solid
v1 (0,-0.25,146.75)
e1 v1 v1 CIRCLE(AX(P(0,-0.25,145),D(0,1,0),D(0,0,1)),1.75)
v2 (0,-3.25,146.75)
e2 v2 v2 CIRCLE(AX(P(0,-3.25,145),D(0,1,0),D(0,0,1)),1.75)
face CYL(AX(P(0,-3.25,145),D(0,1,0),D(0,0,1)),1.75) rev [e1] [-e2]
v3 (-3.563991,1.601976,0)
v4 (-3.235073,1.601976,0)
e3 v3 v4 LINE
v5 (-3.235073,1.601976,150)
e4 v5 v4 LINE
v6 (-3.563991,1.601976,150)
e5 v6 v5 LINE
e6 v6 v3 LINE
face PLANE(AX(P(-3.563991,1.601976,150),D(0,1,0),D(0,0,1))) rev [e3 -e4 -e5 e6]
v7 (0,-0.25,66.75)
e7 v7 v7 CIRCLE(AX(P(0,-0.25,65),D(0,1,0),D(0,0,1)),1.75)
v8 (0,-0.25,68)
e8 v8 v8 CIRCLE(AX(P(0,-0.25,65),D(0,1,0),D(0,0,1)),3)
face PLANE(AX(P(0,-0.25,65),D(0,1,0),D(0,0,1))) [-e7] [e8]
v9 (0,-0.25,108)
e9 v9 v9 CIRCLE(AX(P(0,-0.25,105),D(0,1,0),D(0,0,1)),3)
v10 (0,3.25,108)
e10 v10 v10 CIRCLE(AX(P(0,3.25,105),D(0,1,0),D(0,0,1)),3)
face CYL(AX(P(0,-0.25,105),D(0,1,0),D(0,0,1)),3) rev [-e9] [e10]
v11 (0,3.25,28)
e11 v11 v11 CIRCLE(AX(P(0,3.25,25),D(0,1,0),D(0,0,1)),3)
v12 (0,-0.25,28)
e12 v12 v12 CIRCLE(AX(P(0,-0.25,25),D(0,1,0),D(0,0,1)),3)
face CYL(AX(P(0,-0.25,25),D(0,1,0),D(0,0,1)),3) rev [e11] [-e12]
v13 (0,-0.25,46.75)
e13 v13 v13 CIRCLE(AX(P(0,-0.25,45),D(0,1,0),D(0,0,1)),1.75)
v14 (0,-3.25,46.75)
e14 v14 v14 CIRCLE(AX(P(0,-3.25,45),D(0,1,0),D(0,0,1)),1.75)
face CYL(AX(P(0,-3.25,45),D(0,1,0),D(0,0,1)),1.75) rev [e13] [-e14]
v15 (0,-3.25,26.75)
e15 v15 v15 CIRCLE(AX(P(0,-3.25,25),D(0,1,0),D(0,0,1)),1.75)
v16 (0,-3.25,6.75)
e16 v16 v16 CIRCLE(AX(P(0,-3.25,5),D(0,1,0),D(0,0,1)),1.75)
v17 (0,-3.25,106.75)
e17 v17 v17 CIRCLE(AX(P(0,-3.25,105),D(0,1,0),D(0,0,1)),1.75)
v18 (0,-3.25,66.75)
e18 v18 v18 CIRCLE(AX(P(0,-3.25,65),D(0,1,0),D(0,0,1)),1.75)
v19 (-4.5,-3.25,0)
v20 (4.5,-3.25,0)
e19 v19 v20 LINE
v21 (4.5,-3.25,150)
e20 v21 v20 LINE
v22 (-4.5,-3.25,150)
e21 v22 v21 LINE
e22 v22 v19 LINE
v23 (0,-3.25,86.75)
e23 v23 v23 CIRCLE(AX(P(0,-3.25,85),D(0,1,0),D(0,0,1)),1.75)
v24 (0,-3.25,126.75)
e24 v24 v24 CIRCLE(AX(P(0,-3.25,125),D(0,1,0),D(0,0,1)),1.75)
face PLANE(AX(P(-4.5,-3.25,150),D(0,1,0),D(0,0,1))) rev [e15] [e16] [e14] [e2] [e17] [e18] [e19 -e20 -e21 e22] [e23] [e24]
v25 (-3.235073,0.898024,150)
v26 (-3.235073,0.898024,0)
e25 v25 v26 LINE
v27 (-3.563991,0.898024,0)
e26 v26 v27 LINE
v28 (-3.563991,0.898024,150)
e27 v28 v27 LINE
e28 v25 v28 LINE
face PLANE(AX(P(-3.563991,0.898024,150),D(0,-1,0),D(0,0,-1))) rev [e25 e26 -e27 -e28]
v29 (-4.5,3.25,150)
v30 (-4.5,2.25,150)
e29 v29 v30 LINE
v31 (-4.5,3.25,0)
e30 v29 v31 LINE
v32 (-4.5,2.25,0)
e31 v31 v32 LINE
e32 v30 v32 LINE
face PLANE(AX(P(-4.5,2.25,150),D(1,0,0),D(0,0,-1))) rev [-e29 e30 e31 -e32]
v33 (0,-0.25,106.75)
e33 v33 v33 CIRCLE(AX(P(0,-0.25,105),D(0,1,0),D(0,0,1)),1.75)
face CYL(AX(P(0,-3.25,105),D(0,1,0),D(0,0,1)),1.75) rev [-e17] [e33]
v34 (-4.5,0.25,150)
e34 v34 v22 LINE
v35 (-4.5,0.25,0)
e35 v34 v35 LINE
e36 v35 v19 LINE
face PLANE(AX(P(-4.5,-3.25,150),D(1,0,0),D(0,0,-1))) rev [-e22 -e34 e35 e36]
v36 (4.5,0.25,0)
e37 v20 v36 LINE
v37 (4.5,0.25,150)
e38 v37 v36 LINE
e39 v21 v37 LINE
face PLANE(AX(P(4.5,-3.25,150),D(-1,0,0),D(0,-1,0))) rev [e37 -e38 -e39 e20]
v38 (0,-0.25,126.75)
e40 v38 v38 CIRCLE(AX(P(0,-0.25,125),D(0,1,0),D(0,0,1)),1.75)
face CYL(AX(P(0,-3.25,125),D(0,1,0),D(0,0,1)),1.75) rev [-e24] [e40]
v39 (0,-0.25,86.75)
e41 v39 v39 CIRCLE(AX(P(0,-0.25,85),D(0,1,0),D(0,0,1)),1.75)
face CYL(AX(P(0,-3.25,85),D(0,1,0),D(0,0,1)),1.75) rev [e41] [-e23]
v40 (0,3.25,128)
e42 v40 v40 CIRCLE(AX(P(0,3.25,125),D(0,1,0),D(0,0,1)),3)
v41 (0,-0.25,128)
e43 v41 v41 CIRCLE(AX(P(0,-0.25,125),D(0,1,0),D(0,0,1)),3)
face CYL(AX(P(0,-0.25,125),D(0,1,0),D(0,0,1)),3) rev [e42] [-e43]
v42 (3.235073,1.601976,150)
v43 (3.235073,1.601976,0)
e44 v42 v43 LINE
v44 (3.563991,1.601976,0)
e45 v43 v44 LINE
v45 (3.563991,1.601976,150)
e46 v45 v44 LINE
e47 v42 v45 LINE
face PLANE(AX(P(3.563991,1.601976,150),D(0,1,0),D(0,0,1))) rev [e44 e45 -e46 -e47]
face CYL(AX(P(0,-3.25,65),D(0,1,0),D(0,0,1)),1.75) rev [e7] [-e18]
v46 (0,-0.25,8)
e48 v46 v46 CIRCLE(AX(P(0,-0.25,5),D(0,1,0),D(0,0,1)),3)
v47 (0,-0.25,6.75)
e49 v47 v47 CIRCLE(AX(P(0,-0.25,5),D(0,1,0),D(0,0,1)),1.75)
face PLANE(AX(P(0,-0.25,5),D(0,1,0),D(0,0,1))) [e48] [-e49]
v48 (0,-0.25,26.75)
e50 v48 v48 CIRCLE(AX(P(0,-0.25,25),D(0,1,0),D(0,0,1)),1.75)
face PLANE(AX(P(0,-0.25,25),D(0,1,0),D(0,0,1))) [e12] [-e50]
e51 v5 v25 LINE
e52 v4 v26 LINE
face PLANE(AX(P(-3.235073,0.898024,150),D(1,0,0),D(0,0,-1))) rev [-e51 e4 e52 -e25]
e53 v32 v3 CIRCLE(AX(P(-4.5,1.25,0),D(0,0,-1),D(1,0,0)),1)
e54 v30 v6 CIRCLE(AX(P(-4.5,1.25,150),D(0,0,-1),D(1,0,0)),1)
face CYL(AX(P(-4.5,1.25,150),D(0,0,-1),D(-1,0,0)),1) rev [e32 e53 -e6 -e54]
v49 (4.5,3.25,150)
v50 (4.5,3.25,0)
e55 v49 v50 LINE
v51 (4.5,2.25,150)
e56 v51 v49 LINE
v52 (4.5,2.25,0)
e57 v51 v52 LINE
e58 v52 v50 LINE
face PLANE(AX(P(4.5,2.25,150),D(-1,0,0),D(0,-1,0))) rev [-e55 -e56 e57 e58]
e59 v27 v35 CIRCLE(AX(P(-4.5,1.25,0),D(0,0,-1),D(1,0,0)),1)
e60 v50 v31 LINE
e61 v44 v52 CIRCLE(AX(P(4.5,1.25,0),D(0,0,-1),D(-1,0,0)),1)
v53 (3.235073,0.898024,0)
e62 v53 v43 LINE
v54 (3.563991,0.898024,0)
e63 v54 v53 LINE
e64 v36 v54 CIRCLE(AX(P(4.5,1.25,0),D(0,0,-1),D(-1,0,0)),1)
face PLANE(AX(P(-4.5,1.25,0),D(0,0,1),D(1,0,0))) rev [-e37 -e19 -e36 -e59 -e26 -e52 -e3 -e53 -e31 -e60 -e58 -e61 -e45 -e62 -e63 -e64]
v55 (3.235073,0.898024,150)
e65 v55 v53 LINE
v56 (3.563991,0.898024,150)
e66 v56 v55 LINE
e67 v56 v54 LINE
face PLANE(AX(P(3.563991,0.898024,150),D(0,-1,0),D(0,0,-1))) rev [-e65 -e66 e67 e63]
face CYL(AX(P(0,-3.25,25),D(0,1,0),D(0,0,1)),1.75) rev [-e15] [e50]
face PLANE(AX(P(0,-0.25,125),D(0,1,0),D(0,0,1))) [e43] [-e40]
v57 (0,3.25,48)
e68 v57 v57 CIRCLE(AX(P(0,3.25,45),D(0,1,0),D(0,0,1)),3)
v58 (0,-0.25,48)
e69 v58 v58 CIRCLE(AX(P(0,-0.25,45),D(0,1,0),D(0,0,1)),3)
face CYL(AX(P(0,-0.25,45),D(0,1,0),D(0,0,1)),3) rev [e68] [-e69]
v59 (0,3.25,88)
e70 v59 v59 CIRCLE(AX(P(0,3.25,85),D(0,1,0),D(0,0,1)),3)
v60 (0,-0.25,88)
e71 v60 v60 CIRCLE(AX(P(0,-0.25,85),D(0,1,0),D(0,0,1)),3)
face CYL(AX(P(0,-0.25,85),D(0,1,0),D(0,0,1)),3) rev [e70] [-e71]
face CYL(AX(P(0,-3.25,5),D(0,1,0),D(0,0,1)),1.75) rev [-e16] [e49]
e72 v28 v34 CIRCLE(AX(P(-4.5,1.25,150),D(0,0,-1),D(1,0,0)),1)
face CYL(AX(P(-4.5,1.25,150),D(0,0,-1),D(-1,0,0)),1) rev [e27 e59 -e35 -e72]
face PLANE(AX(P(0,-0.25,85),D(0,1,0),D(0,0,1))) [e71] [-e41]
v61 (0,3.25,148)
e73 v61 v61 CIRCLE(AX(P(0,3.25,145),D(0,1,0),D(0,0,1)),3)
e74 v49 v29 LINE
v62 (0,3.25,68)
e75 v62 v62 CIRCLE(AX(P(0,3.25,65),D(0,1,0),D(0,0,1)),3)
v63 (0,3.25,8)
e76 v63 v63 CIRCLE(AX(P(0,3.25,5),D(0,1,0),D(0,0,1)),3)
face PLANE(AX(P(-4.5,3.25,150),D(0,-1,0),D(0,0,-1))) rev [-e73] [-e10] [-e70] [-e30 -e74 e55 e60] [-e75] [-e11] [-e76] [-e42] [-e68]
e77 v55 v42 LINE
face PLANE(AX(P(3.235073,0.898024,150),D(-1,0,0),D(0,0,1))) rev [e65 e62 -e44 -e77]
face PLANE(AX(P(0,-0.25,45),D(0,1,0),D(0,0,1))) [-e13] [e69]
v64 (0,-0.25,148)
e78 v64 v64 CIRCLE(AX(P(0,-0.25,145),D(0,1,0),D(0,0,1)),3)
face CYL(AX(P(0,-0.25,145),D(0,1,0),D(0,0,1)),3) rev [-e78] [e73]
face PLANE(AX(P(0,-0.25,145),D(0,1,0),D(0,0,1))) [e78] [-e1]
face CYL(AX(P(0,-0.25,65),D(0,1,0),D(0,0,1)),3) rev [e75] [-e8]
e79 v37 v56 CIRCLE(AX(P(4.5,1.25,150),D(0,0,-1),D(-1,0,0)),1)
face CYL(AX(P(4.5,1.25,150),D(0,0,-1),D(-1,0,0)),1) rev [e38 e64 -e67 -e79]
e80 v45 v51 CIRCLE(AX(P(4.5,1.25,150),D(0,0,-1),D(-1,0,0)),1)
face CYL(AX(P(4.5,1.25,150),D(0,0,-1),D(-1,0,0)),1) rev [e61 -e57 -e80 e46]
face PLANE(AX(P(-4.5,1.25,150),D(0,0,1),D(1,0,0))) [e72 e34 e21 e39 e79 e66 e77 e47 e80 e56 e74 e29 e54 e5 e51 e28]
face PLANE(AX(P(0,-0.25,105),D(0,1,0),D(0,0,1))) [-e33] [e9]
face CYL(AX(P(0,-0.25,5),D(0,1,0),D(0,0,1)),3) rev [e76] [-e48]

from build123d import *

# Parameters (mm, degrees)
EXTRUDE1_DEPTH  = 150
SKETCH2_R       = 3
EXTRUDE2_DEPTH  = 3.5
SKETCH_R        = 1.75
EXTRUDE3_DEPTH  = 7.5
LPATTERN1_COUNT = 13
LPATTERN1_PITCH = 20


with BuildPart() as part:
    # Sketch1 → Extrude1 (new body)
    with BuildSketch(Plane.XY):
        with BuildLine():
            Line((-4.5, -3.25), (4.5, -3.25))
            Line((4.5, -3.25), (4.5, 0.25))
            ThreePointArc((4.5, 0.25), (3.93077967, 0.427814974), (3.563991137, 0.898023568))
            Line((3.563991137, 0.898023568), (3.235073025, 0.898023568))
            Line((3.235073025, 0.898023568), (3.235073025, 1.601976432))
            Line((3.235073025, 1.601976432), (3.563991137, 1.601976432))
            ThreePointArc((3.563991137, 1.601976432), (3.93077967, 2.072185026), (4.5, 2.25))
            Line((4.5, 2.25), (4.5, 3.25))
            Line((4.5, 3.25), (-4.5, 3.25))
            Line((-4.5, 3.25), (-4.5, 2.25))
            ThreePointArc((-4.5, 2.25), (-3.93077967, 2.072185026), (-3.563991137, 1.601976432))
            Line((-3.563991137, 1.601976432), (-3.235073025, 1.601976432))
            Line((-3.235073025, 1.601976432), (-3.235073025, 0.898023568))
            Line((-3.235073025, 0.898023568), (-3.563991137, 0.898023568))
            ThreePointArc((-3.563991137, 0.898023568), (-3.93077967, 0.427814974), (-4.5, 0.25))
            Line((-4.5, 0.25), (-4.5, -3.25))
        make_face()
    extrude(amount=EXTRUDE1_DEPTH)

    # Sketch2 → Extrude2 (cut)
    with BuildSketch(Plane(origin=(0, 3.25, 0), x_dir=(1, 0, 0), z_dir=(0, 1, 0))):
        with Locations((0, -5)):
            Circle(SKETCH2_R)
    extrude2 = extrude(amount=-EXTRUDE2_DEPTH, mode=Mode.SUBTRACT)

    # Sketch → Extrude3 (cut, through all)
    with BuildSketch(Plane(origin=(0, 3.25, 0), x_dir=(1, 0, 0), z_dir=(0, 1, 0))):
        with Locations((0, -5)):
            Circle(SKETCH_R)
    extrude3 = extrude(amount=-EXTRUDE3_DEPTH, mode=Mode.SUBTRACT)

    # LPattern1: Extrude2, Extrude3 ×13
    with Locations(*[(0, 0, i * LPATTERN1_PITCH) for i in range(1, LPATTERN1_COUNT)]):
        add(extrude2, mode=Mode.SUBTRACT)
        add(extrude3, mode=Mode.SUBTRACT)


solid = part.part
